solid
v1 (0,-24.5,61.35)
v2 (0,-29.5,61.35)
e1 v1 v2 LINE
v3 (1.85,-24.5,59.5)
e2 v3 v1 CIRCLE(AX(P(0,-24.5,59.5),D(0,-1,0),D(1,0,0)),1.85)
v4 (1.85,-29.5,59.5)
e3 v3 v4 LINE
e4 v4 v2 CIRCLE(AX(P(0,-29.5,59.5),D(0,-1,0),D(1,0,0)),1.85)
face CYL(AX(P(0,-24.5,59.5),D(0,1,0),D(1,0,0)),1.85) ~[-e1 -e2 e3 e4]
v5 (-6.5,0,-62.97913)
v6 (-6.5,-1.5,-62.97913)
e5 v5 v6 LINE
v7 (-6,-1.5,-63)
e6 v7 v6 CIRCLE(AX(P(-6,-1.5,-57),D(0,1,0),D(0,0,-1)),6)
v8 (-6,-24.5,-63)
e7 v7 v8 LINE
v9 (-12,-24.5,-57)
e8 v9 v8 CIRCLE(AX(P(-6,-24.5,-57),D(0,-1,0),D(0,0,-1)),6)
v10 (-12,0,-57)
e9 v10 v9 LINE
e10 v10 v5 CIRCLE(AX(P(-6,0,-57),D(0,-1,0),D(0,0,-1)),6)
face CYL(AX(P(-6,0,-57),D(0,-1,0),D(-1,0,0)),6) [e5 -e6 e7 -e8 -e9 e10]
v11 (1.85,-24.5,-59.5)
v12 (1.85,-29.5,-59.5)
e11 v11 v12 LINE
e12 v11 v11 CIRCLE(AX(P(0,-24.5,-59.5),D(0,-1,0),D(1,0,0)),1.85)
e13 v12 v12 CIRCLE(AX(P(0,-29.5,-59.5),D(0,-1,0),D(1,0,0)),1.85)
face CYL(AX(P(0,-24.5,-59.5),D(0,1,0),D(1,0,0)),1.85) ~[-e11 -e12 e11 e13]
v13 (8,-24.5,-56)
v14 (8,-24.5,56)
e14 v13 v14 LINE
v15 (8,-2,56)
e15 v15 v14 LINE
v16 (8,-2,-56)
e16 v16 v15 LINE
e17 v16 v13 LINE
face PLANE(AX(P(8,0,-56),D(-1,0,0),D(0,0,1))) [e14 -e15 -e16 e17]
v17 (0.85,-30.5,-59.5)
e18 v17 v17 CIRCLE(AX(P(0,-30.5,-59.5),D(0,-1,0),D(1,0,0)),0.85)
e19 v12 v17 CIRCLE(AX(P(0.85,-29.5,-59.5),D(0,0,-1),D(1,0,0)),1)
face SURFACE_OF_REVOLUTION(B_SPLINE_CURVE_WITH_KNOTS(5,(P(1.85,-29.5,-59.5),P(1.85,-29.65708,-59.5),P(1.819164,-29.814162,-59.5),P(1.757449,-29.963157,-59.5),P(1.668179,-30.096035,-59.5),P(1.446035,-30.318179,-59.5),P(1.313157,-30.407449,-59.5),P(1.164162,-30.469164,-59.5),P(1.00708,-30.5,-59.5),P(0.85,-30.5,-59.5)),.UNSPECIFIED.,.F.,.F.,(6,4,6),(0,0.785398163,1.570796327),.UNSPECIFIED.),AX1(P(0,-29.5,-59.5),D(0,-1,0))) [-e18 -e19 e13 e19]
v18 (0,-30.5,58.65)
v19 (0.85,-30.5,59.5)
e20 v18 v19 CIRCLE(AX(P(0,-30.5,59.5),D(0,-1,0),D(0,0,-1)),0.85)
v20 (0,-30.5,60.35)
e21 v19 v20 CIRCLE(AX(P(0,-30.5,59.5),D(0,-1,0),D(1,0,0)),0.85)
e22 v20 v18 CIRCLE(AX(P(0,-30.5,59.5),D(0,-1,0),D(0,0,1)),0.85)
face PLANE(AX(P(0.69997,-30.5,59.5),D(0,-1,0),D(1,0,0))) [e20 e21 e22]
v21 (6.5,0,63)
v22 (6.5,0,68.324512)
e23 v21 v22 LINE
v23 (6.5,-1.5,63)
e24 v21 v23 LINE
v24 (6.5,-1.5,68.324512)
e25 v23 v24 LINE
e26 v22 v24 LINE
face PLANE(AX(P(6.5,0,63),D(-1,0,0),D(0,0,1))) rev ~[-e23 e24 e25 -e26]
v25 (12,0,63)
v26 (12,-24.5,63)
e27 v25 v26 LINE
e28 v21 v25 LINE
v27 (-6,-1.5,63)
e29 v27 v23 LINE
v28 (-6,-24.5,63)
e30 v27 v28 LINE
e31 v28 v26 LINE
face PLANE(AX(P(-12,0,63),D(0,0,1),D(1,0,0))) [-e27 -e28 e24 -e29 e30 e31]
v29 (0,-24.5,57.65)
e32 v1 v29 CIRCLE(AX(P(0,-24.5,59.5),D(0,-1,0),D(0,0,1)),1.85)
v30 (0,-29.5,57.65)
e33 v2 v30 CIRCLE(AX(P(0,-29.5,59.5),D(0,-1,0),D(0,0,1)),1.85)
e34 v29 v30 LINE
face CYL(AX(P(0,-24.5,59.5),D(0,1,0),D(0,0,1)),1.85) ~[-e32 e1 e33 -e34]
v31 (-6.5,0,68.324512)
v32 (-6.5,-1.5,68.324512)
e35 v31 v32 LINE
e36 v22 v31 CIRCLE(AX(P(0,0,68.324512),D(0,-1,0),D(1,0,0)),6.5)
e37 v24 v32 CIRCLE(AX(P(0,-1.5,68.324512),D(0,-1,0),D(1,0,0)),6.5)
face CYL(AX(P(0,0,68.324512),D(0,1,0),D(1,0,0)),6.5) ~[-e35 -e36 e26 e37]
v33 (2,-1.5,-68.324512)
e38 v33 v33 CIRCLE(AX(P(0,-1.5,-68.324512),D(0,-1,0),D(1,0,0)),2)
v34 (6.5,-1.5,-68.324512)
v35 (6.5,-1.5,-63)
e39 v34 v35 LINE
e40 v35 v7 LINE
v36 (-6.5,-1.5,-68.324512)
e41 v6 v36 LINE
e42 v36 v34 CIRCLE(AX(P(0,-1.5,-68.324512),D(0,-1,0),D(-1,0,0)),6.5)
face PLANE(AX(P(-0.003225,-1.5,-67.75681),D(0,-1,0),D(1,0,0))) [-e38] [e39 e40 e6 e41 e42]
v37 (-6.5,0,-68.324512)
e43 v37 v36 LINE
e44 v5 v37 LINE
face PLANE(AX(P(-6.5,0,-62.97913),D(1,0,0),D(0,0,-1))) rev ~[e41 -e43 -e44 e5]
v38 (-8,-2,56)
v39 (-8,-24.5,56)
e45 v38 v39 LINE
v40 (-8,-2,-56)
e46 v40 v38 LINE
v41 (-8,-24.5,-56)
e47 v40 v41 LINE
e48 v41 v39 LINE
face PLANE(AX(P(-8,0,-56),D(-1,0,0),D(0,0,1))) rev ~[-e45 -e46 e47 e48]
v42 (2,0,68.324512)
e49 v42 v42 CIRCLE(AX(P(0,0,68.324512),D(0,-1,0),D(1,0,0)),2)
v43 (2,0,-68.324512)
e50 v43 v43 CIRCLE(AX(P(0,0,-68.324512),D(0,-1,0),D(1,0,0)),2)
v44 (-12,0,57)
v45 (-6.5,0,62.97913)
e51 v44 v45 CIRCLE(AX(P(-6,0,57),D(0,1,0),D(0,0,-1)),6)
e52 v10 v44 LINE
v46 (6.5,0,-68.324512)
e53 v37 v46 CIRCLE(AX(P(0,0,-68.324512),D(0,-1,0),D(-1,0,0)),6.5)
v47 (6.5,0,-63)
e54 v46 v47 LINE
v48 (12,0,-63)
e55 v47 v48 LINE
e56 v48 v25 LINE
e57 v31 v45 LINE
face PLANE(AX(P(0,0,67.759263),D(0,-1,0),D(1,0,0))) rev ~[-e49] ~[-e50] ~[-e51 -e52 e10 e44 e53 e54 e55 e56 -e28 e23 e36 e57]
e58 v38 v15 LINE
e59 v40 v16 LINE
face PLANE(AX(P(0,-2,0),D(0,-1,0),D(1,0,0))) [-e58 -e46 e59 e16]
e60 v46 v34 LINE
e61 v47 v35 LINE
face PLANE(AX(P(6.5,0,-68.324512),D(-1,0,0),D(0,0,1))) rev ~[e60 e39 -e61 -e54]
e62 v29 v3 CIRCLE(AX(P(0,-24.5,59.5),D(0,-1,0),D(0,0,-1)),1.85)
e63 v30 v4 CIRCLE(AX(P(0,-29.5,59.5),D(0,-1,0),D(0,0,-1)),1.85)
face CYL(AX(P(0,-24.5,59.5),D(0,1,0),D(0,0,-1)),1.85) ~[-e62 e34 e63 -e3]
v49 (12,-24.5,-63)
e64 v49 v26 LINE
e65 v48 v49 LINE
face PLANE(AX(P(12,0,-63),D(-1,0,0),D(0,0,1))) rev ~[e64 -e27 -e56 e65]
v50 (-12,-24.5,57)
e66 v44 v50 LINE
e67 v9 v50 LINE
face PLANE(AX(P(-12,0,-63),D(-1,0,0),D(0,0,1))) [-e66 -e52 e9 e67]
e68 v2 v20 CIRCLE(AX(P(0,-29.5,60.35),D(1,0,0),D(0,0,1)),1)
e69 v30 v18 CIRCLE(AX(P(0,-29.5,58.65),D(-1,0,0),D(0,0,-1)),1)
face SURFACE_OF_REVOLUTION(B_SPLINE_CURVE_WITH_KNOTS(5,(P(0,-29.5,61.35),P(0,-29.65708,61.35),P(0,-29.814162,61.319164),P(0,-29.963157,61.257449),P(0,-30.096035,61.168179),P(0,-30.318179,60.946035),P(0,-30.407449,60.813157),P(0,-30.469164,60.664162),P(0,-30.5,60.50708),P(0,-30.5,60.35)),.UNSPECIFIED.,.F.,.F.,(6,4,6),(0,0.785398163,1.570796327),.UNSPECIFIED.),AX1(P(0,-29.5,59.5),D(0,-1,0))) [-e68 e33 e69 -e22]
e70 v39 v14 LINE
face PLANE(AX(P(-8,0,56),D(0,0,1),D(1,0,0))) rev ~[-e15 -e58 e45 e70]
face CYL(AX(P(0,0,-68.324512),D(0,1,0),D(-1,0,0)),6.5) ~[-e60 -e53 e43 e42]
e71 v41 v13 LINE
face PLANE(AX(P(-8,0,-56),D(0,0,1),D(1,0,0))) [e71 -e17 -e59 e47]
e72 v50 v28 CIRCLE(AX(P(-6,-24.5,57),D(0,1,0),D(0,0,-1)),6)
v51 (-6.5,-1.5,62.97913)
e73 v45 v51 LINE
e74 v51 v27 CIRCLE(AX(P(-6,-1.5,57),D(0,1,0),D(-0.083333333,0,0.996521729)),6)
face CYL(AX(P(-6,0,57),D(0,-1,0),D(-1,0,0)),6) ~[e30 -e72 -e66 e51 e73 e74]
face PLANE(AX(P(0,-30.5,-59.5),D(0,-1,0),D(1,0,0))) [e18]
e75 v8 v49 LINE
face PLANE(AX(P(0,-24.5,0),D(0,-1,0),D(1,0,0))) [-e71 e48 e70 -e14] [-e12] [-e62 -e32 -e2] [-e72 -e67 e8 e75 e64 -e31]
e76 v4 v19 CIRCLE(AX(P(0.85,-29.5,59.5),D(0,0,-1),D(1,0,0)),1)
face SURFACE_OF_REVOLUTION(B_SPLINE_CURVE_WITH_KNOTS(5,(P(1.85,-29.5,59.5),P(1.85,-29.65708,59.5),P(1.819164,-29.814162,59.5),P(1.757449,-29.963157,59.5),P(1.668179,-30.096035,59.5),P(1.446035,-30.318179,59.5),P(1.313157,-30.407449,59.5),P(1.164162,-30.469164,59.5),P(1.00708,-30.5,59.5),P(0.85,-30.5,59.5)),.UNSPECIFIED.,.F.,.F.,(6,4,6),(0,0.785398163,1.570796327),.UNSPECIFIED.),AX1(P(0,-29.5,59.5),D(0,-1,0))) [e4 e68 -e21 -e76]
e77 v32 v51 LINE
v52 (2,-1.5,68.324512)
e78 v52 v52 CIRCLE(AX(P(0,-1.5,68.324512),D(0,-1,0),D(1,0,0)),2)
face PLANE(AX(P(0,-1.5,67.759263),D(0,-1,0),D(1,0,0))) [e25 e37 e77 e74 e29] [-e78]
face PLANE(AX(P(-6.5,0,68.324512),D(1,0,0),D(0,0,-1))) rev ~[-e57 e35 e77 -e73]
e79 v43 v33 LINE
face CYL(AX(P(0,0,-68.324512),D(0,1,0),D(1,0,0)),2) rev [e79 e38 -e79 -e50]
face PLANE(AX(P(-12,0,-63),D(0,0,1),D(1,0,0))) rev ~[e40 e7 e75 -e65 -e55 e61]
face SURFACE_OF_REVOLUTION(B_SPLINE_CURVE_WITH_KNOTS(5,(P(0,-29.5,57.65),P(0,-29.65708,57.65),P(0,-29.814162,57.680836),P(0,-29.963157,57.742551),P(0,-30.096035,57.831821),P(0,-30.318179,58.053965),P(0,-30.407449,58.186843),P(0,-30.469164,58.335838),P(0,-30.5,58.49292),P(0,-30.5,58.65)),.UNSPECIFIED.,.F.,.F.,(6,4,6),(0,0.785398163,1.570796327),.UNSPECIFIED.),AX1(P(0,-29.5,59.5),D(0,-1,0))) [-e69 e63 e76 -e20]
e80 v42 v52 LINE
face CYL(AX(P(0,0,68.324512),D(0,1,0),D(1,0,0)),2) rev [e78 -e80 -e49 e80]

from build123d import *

# Parameters (mm, degrees)
F0_W     = 24
F0_H     = 126
F0_W_2   = 16
F0_H_2   = 112
F1_DEPTH = 24.5
F2_DEPTH = 2
F3_R     = 1.85
F4_DEPTH = 6
F5_R     = 6
F6_R     = 2
F7_DEPTH = 1.5
F8_R     = 1


with BuildPart() as f1:
    # F0 (on Front) → F1 (new body)
    with BuildSketch(Plane.XZ):
        Rectangle(F0_W, F0_H)
        Rectangle(F0_W_2, F0_H_2, mode=Mode.SUBTRACT)
    extrude(amount=F1_DEPTH)

    # F0 (on Front) → F2 (join)
    with BuildSketch(Plane.XZ):
        Rectangle(F0_W_2, F0_H_2)
    extrude(amount=F2_DEPTH)

    # F3 (on face) → F4 (join)
    with BuildSketch(Plane.XZ.offset(24.5)):
        with BuildLine():
            ThreePointArc((0, 57.65), (1.3081475452, 58.1918524548), (1.85, 59.5))
            ThreePointArc((1.85, 59.5), (1.3081475452, 60.8081475452), (0, 61.35))
            Line((0, 61.35), (0, 57.65))
        make_face()
        with BuildLine():
            Line((0, 57.65), (0, 61.35))
            ThreePointArc((0, 61.35), (-1.85, 59.5), (0, 57.65))
        make_face()
        with Locations((0, -59.5)):
            Circle(F3_R)
    extrude(amount=F4_DEPTH)

    # F5
    f5_edges = [f1.edges().sort_by_distance(p)[0] for p in [
        (-12, -12.25, -63),
        (-12, -12.25, 63),
    ]]
    fillet(f5_edges, radius=F5_R)

    # F6 (on Front) → F7 (join)
    with BuildSketch(Plane.XZ):
        with BuildLine():
            Line((6.5, 63), (6.5, 68.3245120645))
            ThreePointArc((6.5, 68.3245120645), (0, 74.8245120645), (-6.5, 68.3245120645))
            Line((-6.5, 68.3245120645), (-6.5, 63))
            Line((-6.5, 63), (-6, 63))
            Line((-6, 63), (6.5, 63))
        make_face()
        with Locations((0, 68.3245120645)):
            Circle(F6_R, mode=Mode.SUBTRACT)
        with BuildLine():
            ThreePointArc((-6.5, 62.9791303716), (-6.2502176759, 62.9947803225), (-6, 63))
            Line((-6, 63), (-6.5, 63))
            Line((-6.5, 63), (-6.5, 62.9791303716))
        make_face()
        with BuildLine():
            ThreePointArc((-6.5, -68.3245120645), (0, -74.8245120645), (6.5, -68.3245120645))
            Line((6.5, -68.3245120645), (6.5, -63))
            Line((6.5, -63), (-6, -63))
            ThreePointArc((-6, -63), (-6.2502176759, -62.9947803225), (-6.5, -62.9791303716))
            Line((-6.5, -62.9791303716), (-6.5, -68.3245120645))
        make_face()
        with Locations((0, -68.3245120645)):
            Circle(F6_R, mode=Mode.SUBTRACT)
    extrude(amount=F7_DEPTH)

    # F8
    f8_edges = [f1.edges().sort_by_distance(p)[0] for p in [
        (-1.85, -30.5, 59.5),
        (-1.85, -30.5, -59.5),
    ]]
    fillet(f8_edges, radius=F8_R)


solid = f1.part
